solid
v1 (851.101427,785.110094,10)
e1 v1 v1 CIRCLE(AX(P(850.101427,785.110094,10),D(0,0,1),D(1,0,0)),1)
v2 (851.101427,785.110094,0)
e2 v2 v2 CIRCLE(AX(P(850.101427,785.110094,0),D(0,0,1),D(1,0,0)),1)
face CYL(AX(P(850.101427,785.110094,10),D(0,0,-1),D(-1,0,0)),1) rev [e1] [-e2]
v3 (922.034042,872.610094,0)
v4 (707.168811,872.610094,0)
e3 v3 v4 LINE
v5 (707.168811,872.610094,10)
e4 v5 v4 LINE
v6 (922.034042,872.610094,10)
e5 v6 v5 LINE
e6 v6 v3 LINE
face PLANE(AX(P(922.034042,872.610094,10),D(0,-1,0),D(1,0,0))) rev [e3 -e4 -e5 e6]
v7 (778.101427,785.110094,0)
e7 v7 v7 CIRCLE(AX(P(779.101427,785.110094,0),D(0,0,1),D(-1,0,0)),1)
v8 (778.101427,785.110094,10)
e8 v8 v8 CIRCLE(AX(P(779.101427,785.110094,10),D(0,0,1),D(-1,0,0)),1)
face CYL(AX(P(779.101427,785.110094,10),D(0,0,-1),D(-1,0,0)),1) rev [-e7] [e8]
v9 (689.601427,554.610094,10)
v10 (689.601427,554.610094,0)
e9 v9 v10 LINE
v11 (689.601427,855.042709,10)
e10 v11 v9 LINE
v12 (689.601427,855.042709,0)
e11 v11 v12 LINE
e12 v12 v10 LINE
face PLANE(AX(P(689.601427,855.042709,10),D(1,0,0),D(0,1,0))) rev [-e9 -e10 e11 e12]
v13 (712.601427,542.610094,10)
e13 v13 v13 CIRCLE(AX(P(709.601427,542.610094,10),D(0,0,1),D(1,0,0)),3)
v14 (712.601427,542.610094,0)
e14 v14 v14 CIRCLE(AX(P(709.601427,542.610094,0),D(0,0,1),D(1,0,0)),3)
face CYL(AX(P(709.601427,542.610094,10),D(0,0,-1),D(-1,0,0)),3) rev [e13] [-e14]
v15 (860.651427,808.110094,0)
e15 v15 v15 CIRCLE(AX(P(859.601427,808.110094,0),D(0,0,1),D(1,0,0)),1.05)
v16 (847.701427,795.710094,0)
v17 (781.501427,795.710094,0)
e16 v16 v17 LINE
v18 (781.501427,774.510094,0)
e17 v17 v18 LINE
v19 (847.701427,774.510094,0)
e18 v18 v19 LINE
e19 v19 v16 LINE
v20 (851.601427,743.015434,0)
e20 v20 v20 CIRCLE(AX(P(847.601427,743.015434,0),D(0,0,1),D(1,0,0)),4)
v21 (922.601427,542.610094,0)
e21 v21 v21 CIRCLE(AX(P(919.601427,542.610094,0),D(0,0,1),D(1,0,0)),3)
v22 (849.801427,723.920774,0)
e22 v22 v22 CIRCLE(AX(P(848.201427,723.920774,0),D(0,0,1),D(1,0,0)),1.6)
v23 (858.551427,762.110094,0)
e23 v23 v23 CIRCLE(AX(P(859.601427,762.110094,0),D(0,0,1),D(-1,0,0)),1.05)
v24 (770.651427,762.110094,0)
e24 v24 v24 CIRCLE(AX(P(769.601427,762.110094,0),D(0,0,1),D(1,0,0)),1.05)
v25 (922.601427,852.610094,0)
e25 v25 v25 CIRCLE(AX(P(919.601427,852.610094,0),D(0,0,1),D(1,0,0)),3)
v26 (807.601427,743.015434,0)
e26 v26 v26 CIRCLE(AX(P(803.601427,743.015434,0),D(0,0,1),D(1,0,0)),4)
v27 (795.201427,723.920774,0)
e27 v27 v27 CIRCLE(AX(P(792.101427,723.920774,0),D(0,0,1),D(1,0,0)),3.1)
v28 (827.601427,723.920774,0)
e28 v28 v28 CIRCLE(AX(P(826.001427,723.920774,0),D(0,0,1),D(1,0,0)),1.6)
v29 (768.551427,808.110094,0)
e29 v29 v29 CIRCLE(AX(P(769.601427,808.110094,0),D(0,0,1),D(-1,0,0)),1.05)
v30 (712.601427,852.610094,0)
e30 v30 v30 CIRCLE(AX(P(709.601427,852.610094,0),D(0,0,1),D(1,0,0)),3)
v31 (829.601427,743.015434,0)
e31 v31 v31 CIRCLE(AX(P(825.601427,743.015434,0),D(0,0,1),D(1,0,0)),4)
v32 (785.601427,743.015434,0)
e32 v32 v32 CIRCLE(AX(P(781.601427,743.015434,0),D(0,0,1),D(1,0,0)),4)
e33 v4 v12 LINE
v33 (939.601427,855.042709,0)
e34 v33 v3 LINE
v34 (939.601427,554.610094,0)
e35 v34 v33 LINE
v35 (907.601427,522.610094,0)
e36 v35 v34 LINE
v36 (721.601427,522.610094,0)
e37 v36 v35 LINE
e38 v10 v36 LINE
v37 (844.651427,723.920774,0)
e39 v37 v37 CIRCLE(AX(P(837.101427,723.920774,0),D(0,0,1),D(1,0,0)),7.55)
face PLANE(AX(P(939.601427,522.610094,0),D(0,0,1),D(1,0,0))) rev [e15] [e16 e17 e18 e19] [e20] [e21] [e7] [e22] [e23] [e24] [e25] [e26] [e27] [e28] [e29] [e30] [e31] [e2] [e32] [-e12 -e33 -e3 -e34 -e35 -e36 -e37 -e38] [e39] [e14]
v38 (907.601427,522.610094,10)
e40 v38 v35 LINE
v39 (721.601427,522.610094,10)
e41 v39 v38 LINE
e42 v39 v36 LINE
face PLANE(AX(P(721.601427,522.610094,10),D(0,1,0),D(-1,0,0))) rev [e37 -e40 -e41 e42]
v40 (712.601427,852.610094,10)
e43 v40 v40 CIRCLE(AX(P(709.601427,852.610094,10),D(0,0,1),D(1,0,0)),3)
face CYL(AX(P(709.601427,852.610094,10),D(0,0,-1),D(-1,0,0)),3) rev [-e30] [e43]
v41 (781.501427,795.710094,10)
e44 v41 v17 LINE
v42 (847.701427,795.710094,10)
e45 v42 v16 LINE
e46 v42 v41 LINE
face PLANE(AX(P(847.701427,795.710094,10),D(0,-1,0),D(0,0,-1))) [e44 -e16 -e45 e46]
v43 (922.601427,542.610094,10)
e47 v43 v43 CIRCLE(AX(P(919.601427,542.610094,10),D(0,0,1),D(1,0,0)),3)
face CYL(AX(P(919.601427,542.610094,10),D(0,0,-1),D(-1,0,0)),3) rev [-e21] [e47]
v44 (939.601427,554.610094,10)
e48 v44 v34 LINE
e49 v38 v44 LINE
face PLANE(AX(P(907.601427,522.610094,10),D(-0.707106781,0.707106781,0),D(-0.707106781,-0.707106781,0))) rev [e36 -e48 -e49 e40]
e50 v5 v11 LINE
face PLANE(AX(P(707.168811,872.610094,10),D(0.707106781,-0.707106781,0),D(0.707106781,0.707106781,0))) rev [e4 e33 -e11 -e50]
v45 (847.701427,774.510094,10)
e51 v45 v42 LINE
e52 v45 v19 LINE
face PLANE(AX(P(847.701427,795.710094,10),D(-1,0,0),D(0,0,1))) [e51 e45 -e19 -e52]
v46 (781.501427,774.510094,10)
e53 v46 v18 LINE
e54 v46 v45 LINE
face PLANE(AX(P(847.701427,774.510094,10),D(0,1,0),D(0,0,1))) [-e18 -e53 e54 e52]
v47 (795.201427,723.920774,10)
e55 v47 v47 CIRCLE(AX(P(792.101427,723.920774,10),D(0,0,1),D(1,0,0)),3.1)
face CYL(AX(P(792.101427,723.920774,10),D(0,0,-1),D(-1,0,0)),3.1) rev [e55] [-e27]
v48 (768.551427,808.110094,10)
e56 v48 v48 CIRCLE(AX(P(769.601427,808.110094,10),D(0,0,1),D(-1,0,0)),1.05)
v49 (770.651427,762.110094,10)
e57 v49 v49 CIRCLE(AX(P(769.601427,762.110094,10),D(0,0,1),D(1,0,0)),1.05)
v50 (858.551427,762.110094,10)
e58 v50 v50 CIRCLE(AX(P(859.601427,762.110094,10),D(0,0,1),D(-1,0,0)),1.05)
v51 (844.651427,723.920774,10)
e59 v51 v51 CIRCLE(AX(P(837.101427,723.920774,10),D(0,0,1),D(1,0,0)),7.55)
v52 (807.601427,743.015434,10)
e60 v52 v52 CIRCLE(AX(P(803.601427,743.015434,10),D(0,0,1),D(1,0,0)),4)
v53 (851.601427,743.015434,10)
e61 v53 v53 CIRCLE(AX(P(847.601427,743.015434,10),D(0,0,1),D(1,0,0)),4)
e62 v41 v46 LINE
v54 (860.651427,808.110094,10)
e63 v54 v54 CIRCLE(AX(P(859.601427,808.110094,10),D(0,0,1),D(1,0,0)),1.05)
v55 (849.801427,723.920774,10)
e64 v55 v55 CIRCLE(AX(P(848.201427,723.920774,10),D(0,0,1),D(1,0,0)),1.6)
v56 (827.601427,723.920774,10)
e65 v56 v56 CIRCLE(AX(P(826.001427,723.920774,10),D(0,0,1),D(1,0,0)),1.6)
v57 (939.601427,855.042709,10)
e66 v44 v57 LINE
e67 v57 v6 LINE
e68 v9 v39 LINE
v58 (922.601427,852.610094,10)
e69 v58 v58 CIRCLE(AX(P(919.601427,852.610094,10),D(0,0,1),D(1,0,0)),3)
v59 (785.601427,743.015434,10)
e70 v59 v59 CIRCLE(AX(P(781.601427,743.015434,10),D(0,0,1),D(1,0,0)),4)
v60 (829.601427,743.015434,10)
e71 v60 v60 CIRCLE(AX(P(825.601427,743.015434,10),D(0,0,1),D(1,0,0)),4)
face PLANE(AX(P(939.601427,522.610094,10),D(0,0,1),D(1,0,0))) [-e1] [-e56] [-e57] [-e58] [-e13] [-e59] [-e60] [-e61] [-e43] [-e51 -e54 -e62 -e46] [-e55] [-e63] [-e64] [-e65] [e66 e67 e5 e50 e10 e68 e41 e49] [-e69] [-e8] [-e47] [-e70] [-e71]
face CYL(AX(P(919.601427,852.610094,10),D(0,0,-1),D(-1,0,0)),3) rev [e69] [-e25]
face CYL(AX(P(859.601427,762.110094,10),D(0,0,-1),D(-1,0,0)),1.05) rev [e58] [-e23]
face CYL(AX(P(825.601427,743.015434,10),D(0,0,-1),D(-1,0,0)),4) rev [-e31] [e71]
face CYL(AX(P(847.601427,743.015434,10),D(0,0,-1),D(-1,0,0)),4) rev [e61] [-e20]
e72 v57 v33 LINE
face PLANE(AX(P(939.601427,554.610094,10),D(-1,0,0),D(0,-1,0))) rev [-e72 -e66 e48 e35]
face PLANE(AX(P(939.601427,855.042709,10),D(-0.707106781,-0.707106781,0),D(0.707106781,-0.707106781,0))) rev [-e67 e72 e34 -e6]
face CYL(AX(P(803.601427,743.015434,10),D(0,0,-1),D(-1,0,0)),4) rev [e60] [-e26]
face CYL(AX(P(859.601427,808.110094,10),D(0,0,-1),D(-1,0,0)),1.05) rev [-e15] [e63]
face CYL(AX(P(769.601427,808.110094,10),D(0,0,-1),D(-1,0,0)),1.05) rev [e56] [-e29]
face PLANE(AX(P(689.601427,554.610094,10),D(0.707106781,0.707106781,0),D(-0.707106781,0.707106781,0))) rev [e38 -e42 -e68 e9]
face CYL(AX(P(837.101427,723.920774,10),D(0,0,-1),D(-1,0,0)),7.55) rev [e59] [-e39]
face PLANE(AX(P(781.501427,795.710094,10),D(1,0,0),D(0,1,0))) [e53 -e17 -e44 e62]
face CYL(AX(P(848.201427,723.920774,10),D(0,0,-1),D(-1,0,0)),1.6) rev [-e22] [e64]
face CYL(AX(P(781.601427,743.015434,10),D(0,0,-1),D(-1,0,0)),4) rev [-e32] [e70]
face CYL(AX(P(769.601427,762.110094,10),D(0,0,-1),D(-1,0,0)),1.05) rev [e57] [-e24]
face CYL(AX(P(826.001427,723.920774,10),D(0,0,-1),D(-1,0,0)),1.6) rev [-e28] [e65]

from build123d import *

# Parameters (mm, degrees)
ESQUISSE1_R        = 3
ESQUISSE1_R_2      = 1.05
ESQUISSE1_R_3      = 1
ESQUISSE1_R_4      = 7.55
ESQUISSE1_R_5      = 4
ESQUISSE1_R_6      = 1.6
ESQUISSE1_R_7      = 3.1
ESQUISSE1_W        = 66.2
ESQUISSE1_H        = 21.2
BOSS_EXTRU_1_DEPTH = 10


with BuildPart() as part:
    # Esquisse1 → Boss.-Extru.1 (new body)
    with BuildSketch(Plane.XY):
        Polygon((907.601426779, 522.610093658), (939.601426779, 554.610093658), (939.601426779, 855.042708993), (922.034042113, 872.610093658), (707.168811445, 872.610093658), (689.601426779, 855.042708993), (689.601426779, 554.610093658), (721.601426779, 522.610093658), align=None)
        with Locations((709.601426779, 542.610093658)):
            Circle(ESQUISSE1_R, mode=Mode.SUBTRACT)
        with Locations((709.601426779, 852.610093658)):
            Circle(ESQUISSE1_R, mode=Mode.SUBTRACT)
        with Locations((919.601426779, 852.610093658)):
            Circle(ESQUISSE1_R, mode=Mode.SUBTRACT)
        with Locations((919.601426779, 542.610093658)):
            Circle(ESQUISSE1_R, mode=Mode.SUBTRACT)
        with Locations((859.601426779, 808.110093658)):
            Circle(ESQUISSE1_R_2, mode=Mode.SUBTRACT)
        with Locations((769.601426779, 808.110093658)):
            Circle(ESQUISSE1_R_2, mode=Mode.SUBTRACT)
        with Locations((769.601426779, 762.110093658)):
            Circle(ESQUISSE1_R_2, mode=Mode.SUBTRACT)
        with Locations((859.601426779, 762.110093658)):
            Circle(ESQUISSE1_R_2, mode=Mode.SUBTRACT)
        with Locations((850.101426779, 785.110093658)):
            Circle(ESQUISSE1_R_3, mode=Mode.SUBTRACT)
        with Locations((779.101426779, 785.110093658)):
            Circle(ESQUISSE1_R_3, mode=Mode.SUBTRACT)
        with Locations((837.101426779, 723.920773658)):
            Circle(ESQUISSE1_R_4, mode=Mode.SUBTRACT)
        with Locations((847.601426779, 743.015433658)):
            Circle(ESQUISSE1_R_5, mode=Mode.SUBTRACT)
        with Locations((848.201426779, 723.920773658)):
            Circle(ESQUISSE1_R_6, mode=Mode.SUBTRACT)
        with Locations((826.001426779, 723.920773658)):
            Circle(ESQUISSE1_R_6, mode=Mode.SUBTRACT)
        with Locations((825.601426779, 743.015433658)):
            Circle(ESQUISSE1_R_5, mode=Mode.SUBTRACT)
        with Locations((803.601426779, 743.015433658)):
            Circle(ESQUISSE1_R_5, mode=Mode.SUBTRACT)
        with Locations((781.601426779, 743.015433658)):
            Circle(ESQUISSE1_R_5, mode=Mode.SUBTRACT)
        with Locations((792.101426779, 723.920773658)):
            Circle(ESQUISSE1_R_7, mode=Mode.SUBTRACT)
        with Locations((814.601426779, 785.110093658)):
            Rectangle(ESQUISSE1_W, ESQUISSE1_H, mode=Mode.SUBTRACT)
    extrude(amount=BOSS_EXTRU_1_DEPTH)


solid = part.part
